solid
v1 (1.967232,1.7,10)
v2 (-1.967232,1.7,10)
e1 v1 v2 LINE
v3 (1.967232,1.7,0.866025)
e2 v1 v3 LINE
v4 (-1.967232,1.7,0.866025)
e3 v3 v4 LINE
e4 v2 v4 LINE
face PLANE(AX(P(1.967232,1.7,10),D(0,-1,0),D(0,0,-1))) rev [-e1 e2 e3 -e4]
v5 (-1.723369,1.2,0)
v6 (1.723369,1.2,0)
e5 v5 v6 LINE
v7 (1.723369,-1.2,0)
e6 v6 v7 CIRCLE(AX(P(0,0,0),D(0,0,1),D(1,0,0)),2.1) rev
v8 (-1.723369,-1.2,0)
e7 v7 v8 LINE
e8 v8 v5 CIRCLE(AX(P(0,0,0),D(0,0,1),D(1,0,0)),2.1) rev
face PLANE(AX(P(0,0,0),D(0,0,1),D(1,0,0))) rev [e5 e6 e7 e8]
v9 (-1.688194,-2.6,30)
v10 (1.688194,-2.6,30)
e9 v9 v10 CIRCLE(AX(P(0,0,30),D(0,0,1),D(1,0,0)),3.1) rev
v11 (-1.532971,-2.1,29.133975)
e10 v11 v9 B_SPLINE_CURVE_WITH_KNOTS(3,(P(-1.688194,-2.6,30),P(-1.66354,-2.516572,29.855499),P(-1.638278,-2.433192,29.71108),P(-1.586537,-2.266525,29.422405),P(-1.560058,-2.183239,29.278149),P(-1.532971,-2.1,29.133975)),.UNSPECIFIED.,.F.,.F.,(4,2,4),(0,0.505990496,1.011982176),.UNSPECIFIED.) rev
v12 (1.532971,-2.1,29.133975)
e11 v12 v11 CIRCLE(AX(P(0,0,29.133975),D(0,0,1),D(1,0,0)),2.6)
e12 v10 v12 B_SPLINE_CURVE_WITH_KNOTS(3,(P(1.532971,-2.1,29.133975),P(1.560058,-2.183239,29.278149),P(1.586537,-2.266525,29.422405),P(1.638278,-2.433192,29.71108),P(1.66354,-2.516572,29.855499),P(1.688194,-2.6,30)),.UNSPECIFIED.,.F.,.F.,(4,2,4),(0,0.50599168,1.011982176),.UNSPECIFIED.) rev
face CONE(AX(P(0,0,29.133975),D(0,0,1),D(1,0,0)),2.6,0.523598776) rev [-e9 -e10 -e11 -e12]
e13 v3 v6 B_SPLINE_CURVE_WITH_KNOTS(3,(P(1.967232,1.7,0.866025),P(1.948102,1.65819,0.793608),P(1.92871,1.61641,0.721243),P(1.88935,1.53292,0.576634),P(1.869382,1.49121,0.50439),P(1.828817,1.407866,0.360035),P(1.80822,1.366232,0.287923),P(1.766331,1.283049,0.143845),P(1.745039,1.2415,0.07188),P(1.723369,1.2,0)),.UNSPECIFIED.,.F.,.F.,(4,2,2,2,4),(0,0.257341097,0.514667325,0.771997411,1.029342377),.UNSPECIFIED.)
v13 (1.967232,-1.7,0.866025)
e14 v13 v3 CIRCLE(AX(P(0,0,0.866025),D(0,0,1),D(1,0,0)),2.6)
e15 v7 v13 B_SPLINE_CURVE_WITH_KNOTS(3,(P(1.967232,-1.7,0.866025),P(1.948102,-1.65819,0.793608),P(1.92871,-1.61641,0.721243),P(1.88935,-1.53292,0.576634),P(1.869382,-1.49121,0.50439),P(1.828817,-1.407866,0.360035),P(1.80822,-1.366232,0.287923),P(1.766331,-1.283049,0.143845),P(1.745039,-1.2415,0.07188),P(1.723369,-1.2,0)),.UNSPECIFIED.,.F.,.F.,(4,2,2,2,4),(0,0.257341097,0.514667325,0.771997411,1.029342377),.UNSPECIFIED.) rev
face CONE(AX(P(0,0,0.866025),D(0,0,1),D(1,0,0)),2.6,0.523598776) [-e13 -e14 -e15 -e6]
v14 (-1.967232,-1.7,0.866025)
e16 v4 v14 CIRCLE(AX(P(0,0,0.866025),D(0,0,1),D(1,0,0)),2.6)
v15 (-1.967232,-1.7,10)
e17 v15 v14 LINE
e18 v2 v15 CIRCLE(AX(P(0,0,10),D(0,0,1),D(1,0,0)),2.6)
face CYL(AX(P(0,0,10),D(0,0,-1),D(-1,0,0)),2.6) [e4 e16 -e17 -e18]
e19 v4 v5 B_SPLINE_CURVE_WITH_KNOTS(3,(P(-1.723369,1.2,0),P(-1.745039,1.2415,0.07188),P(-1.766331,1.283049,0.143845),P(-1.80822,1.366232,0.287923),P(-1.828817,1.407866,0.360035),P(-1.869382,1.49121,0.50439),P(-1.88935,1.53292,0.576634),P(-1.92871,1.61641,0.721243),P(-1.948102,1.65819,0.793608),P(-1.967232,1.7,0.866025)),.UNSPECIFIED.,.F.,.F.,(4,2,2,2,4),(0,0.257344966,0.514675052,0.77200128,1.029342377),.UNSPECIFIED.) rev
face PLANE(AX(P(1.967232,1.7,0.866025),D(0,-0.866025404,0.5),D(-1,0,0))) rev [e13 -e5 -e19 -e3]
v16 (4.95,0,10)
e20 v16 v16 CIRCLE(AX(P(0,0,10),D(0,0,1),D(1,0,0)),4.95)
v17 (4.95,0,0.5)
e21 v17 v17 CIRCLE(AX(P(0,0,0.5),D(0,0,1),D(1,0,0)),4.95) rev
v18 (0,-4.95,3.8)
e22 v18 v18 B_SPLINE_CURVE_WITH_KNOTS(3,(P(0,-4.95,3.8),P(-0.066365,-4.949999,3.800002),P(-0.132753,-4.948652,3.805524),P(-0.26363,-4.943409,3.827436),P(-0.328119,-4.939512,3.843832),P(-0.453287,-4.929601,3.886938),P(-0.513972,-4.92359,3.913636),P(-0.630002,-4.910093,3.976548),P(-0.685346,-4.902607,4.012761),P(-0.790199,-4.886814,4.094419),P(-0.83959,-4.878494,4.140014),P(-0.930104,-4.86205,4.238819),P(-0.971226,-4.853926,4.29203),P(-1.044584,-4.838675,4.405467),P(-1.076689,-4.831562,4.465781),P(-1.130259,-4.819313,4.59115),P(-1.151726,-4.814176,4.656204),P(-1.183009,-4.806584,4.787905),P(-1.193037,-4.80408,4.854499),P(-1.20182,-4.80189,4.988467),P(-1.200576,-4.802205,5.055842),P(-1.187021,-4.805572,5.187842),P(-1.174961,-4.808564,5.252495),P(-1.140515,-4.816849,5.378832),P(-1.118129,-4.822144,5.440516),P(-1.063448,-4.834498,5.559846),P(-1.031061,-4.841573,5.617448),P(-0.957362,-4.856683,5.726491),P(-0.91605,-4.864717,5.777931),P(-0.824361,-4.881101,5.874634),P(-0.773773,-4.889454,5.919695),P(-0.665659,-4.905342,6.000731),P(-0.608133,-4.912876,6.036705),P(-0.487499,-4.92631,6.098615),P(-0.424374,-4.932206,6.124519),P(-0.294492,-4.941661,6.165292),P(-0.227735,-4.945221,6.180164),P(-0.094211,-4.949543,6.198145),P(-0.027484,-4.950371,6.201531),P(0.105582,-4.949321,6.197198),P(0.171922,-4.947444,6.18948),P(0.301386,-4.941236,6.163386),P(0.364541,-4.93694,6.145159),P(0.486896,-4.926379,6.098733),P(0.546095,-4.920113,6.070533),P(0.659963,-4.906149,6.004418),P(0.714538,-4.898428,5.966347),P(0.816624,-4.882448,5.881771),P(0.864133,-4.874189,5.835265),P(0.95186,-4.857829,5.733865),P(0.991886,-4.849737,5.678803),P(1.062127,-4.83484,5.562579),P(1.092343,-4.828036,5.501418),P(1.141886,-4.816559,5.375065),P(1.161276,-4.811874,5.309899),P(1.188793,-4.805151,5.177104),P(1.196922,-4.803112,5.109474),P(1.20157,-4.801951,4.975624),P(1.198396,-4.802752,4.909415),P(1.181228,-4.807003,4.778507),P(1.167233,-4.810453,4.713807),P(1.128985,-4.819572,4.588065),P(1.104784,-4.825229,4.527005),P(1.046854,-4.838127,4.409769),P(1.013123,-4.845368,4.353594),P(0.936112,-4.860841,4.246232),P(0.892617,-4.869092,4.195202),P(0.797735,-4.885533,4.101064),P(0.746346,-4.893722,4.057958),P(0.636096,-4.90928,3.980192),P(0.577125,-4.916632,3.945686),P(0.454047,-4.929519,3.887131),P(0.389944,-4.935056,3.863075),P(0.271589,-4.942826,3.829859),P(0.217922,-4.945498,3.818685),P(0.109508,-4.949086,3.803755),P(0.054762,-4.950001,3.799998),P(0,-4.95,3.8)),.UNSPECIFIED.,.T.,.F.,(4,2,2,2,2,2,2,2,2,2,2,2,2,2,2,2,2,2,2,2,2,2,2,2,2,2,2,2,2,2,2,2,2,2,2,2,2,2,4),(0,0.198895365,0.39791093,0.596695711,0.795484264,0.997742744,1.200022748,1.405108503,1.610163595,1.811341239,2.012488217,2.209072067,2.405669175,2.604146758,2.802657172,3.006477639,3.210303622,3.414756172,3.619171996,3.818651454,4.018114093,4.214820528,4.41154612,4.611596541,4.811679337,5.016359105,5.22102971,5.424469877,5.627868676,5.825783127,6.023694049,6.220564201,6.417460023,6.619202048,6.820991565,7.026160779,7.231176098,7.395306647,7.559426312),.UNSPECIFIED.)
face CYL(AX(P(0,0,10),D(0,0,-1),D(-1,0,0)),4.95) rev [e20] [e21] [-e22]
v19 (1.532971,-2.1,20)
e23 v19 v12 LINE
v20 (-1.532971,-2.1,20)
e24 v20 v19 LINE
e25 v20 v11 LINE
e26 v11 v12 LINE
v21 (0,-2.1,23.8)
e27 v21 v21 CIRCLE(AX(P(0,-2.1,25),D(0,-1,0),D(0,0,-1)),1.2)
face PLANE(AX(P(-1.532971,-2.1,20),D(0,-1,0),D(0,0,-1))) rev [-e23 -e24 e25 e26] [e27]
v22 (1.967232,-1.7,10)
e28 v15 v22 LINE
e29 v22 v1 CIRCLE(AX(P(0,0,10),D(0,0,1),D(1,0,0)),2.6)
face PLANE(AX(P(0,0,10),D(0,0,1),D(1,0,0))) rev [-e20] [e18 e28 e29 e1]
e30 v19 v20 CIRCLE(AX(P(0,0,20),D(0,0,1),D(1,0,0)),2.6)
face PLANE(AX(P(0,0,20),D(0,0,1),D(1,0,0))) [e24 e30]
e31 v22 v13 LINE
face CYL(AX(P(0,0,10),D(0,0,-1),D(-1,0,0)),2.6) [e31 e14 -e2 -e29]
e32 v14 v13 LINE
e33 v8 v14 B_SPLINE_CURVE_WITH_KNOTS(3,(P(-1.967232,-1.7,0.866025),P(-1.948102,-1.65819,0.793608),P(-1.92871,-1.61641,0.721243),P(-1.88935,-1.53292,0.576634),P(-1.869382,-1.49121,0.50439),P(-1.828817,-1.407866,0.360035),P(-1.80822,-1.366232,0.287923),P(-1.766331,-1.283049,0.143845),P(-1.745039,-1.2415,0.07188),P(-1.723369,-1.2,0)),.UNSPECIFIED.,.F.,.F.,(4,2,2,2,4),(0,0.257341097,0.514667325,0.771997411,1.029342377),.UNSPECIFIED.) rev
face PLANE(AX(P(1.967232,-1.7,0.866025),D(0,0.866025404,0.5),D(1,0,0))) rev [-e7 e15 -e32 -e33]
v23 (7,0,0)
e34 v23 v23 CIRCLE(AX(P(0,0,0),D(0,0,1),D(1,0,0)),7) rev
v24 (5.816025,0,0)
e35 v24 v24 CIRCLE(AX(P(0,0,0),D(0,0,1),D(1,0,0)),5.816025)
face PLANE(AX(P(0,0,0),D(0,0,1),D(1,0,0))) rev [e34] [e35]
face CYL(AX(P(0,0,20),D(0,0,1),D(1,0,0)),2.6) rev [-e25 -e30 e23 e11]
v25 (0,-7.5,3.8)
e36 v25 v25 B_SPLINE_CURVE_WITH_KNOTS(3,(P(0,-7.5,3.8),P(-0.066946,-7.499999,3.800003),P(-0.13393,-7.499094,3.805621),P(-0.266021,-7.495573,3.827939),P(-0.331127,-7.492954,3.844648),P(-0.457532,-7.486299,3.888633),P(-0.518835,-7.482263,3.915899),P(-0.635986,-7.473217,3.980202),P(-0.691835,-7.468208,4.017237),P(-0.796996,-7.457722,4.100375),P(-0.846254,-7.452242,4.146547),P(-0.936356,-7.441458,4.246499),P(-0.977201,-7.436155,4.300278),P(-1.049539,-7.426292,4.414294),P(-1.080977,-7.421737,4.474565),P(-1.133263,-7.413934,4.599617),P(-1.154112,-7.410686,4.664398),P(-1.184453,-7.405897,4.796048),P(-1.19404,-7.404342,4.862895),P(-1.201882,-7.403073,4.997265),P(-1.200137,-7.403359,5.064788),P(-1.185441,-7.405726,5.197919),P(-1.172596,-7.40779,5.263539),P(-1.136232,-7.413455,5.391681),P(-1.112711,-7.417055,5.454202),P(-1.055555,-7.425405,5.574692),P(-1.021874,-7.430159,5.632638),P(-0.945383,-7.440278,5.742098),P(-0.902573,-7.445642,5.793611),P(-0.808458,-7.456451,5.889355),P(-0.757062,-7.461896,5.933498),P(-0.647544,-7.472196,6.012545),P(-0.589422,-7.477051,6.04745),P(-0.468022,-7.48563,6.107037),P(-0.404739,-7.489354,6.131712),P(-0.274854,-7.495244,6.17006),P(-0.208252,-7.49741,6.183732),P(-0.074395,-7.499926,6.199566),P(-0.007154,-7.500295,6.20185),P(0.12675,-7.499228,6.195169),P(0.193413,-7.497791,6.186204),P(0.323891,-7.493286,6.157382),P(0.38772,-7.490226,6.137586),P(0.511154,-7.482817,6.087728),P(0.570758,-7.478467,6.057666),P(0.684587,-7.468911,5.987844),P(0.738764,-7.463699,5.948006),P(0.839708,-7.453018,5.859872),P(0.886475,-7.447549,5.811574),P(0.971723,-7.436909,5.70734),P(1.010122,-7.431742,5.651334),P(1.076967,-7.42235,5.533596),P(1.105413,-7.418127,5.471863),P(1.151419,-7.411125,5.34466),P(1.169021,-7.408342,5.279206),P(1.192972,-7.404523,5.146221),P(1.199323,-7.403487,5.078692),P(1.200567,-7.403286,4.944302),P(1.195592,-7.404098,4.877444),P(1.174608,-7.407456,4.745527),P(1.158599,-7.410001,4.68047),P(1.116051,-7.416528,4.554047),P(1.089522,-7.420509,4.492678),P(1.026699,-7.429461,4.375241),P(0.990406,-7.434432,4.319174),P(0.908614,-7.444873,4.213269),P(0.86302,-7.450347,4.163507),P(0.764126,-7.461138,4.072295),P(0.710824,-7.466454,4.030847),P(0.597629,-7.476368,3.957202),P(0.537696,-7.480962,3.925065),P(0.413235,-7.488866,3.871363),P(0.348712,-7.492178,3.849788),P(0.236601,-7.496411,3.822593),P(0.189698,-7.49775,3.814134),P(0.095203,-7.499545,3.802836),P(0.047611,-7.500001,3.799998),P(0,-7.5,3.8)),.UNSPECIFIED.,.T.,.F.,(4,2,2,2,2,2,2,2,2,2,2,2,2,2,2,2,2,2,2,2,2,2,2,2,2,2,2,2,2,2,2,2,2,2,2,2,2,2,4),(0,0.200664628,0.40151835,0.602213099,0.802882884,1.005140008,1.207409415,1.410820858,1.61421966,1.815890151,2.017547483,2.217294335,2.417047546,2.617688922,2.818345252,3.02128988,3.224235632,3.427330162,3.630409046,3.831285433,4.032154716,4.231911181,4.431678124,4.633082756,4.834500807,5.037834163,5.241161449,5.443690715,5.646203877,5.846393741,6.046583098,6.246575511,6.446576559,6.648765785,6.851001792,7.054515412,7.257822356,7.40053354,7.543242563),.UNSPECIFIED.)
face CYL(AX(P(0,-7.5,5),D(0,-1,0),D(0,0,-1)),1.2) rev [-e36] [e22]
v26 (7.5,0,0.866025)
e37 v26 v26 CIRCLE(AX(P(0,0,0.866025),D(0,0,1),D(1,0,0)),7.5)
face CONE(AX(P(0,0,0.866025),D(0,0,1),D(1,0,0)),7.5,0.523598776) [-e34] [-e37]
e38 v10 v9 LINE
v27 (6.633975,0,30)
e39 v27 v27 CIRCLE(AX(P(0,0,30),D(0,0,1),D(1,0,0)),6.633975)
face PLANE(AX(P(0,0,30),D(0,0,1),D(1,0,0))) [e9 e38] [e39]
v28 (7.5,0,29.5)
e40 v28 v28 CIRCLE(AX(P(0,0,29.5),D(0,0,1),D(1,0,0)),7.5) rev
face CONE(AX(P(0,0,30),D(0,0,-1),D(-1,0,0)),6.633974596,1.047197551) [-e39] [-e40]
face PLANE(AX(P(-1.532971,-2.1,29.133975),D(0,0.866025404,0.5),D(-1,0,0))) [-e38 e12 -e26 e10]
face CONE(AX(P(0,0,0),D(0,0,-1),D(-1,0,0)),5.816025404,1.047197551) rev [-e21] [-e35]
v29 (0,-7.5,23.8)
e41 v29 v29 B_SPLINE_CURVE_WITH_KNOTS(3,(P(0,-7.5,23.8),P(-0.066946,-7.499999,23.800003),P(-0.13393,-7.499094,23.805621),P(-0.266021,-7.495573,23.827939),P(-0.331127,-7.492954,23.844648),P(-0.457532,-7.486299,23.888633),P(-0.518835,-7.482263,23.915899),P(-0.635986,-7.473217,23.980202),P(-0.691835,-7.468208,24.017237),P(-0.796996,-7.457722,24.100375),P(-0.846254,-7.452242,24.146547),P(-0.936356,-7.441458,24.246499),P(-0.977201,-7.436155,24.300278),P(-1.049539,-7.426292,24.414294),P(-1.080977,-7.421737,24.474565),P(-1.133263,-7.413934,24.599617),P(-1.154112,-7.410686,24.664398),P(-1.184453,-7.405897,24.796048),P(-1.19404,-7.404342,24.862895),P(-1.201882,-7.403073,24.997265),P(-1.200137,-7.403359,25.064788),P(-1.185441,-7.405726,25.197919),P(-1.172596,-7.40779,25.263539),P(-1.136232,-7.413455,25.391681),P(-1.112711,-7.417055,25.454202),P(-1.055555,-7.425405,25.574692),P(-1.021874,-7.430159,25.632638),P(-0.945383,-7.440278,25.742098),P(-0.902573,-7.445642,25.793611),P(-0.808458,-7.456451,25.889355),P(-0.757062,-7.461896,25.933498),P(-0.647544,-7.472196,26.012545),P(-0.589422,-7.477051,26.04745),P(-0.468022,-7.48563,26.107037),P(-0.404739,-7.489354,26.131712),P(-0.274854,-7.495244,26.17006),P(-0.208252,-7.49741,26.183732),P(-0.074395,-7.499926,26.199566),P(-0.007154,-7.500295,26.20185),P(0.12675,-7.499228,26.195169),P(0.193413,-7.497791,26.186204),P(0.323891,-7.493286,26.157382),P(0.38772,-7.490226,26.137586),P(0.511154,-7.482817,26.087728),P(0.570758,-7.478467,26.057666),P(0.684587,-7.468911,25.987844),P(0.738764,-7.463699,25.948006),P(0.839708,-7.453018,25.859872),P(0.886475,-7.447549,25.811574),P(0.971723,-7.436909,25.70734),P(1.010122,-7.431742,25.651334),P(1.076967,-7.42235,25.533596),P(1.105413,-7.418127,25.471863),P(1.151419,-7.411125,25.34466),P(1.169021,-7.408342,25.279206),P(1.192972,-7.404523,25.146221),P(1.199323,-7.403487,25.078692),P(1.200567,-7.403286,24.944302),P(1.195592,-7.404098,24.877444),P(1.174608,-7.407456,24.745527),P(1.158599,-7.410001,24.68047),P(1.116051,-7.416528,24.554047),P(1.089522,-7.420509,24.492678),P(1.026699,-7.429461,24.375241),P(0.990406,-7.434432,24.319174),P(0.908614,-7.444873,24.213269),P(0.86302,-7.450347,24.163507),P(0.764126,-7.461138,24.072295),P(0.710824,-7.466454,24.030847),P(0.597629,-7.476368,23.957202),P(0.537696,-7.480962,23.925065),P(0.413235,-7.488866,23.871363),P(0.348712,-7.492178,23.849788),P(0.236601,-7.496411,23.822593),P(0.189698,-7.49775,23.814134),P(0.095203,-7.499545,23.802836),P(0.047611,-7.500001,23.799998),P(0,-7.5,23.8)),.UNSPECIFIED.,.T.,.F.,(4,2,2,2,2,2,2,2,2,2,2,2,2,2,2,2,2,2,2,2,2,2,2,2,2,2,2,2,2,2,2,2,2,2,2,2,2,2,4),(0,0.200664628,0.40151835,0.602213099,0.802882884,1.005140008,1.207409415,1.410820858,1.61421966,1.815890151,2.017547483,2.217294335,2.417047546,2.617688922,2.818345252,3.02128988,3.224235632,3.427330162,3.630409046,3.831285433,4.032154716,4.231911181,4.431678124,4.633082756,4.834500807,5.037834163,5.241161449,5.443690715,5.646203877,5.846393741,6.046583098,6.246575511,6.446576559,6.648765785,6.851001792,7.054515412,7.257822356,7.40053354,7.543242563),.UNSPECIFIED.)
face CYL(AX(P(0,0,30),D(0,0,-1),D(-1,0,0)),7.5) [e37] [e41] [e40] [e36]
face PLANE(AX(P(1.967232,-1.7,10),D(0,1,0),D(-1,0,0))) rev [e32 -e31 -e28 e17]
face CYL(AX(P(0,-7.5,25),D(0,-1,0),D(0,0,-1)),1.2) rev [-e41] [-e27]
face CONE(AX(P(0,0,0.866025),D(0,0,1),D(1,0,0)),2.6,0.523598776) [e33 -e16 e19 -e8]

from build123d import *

# Parameters (mm, degrees)
OD_PROFILE_SKETCH_R                = 7.5
OD_BOSS_EXTRUDE_DEPTH              = 30
WHEEL_SHAFT_PROFILE_SKETCH_R       = 4.95
WHEEL_SHAFT_CUT_EXTRUDE_DEPTH      = 10
NEMA17_SHAFT_CUT_EXTRUDE_DEPTH     = 10
TAP_DRILL_FOR_M3X0_5_D             = 2.4
TAP_DRILL_FOR_M3X0_5_DEPTH         = 5.4
EDGE_CHAMFER_1MM_X_60_SIZE         = 0.5
EDGE_CHAMFER_1MM_X_60_SIZE2        = 0.866025404
EDGE_CHAMFER_1MM_X_60_PART_2_SIZE  = 0.5
EDGE_CHAMFER_1MM_X_60_PART_2_SIZE2 = 0.866025404
EDGE_CHAMFER_1MM_X_60_PART_3_SIZE  = 0.5
EDGE_CHAMFER_1MM_X_60_PART_3_SIZE2 = 0.866025404
EDGE_CHAMFER_1MM_X_60_PART_4_SIZE  = 0.5
EDGE_CHAMFER_1MM_X_60_PART_4_SIZE2 = 0.866025404
EDGE_CHAMFER_1MM_X_60_PART_5_SIZE  = 0.5
EDGE_CHAMFER_1MM_X_60_PART_5_SIZE2 = 0.866025404


with BuildPart() as part:
    # OD Profile Sketch → OD Boss-Extrude (new body)
    with BuildSketch(Plane.XY):
        Circle(OD_PROFILE_SKETCH_R)
    extrude(amount=OD_BOSS_EXTRUDE_DEPTH)

    # Wheel Shaft Profile Sketch → Wheel Shaft Cut-Extrude (cut)
    with BuildSketch(Plane.XY):
        Circle(WHEEL_SHAFT_PROFILE_SKETCH_R)
        with BuildLine():
            Line((1.967231557, -1.7), (-1.967231557, -1.7))
            ThreePointArc((-1.967231557, -1.7), (-2.6, 0), (-1.967231557, 1.7))
            Line((-1.967231557, 1.7), (1.967231557, 1.7))
            ThreePointArc((1.967231557, 1.7), (2.6, 0), (1.967231557, -1.7))
        make_face(mode=Mode.SUBTRACT)
    extrude(amount=WHEEL_SHAFT_CUT_EXTRUDE_DEPTH, mode=Mode.SUBTRACT)

    # NEMA17 Shaft Profile Sketch → NEMA17 Shaft Cut-Extrude (cut)
    with BuildSketch(Plane.XY.offset(30)):
        with BuildLine():
            Line((-1.532970972, -2.1), (1.532970972, -2.1))
            ThreePointArc((1.532970972, -2.1), (0, 2.6), (-1.532970972, -2.1))
        make_face()
    extrude(amount=-NEMA17_SHAFT_CUT_EXTRUDE_DEPTH, mode=Mode.SUBTRACT)

    # Tap Drill for M3x0.5
    with Locations(Plane(origin=(0, -7.5, 0), x_dir=(-1, 0, 0), z_dir=(0, -1, 0))):
        with Locations((0, -25), (0, -5)):
            Hole(TAP_DRILL_FOR_M3X0_5_D / 2, depth=TAP_DRILL_FOR_M3X0_5_DEPTH)

    # Edge Chamfer (1mm x 60)
    edge_chamfer_1mm_x_60_edges = [part.edges().sort_by_distance(p)[0] for p in [
        (-7.5, 0, 0),
    ]]
    edge_chamfer_1mm_x_60_side = [part.faces().sort_by_distance(p)[0] for p in [
        (-7.287867966, 0, 0),
    ]]
    chamfer(edge_chamfer_1mm_x_60_edges, length=EDGE_CHAMFER_1MM_X_60_SIZE, length2=EDGE_CHAMFER_1MM_X_60_SIZE2, reference=edge_chamfer_1mm_x_60_side[0])

    # Edge Chamfer (1mm x 60) part 2
    edge_chamfer_1mm_x_60_part_2_edges = [part.edges().sort_by_distance(p)[0] for p in [
        (0, 2.6, 30),
        (0, -2.1, 30),
    ]]
    edge_chamfer_1mm_x_60_part_2_side = [part.faces().sort_by_distance(p)[0] for p in [
        (-7.287867966, 0, 30),
    ]]
    chamfer(edge_chamfer_1mm_x_60_part_2_edges, length=EDGE_CHAMFER_1MM_X_60_PART_2_SIZE, length2=EDGE_CHAMFER_1MM_X_60_PART_2_SIZE2, reference=edge_chamfer_1mm_x_60_part_2_side[0])

    # Edge Chamfer (1mm x 60) part 3
    edge_chamfer_1mm_x_60_part_3_edges = [part.edges().sort_by_distance(p)[0] for p in [
        (-7.5, 0, 30),
    ]]
    edge_chamfer_1mm_x_60_part_3_side = [part.faces().sort_by_distance(p)[0] for p in [
        (-7.5, 0, 15),
    ]]
    chamfer(edge_chamfer_1mm_x_60_part_3_edges, length=EDGE_CHAMFER_1MM_X_60_PART_3_SIZE, length2=EDGE_CHAMFER_1MM_X_60_PART_3_SIZE2, reference=edge_chamfer_1mm_x_60_part_3_side[0])

    # Edge Chamfer (1mm x 60) part 4
    edge_chamfer_1mm_x_60_part_4_edges = [part.edges().sort_by_distance(p)[0] for p in [
        (2.6, 0, 0),
        (0, 1.7, 0),
        (-2.6, 0, 0),
        (0, -1.7, 0),
    ]]
    edge_chamfer_1mm_x_60_part_4_side = [part.faces().sort_by_distance(p)[0] for p in [
        (0, 0, 0),
    ]]
    chamfer(edge_chamfer_1mm_x_60_part_4_edges, length=EDGE_CHAMFER_1MM_X_60_PART_4_SIZE, length2=EDGE_CHAMFER_1MM_X_60_PART_4_SIZE2, reference=edge_chamfer_1mm_x_60_part_4_side[0])

    # Edge Chamfer (1mm x 60) part 5
    edge_chamfer_1mm_x_60_part_5_edges = [part.edges().sort_by_distance(p)[0] for p in [
        (-4.95, 0, 0),
    ]]
    edge_chamfer_1mm_x_60_part_5_side = [part.faces().sort_by_distance(p)[0] for p in [
        (-4.95, 0, 5),
    ]]
    chamfer(edge_chamfer_1mm_x_60_part_5_edges, length=EDGE_CHAMFER_1MM_X_60_PART_5_SIZE, length2=EDGE_CHAMFER_1MM_X_60_PART_5_SIZE2, reference=edge_chamfer_1mm_x_60_part_5_side[0])


solid = part.part
